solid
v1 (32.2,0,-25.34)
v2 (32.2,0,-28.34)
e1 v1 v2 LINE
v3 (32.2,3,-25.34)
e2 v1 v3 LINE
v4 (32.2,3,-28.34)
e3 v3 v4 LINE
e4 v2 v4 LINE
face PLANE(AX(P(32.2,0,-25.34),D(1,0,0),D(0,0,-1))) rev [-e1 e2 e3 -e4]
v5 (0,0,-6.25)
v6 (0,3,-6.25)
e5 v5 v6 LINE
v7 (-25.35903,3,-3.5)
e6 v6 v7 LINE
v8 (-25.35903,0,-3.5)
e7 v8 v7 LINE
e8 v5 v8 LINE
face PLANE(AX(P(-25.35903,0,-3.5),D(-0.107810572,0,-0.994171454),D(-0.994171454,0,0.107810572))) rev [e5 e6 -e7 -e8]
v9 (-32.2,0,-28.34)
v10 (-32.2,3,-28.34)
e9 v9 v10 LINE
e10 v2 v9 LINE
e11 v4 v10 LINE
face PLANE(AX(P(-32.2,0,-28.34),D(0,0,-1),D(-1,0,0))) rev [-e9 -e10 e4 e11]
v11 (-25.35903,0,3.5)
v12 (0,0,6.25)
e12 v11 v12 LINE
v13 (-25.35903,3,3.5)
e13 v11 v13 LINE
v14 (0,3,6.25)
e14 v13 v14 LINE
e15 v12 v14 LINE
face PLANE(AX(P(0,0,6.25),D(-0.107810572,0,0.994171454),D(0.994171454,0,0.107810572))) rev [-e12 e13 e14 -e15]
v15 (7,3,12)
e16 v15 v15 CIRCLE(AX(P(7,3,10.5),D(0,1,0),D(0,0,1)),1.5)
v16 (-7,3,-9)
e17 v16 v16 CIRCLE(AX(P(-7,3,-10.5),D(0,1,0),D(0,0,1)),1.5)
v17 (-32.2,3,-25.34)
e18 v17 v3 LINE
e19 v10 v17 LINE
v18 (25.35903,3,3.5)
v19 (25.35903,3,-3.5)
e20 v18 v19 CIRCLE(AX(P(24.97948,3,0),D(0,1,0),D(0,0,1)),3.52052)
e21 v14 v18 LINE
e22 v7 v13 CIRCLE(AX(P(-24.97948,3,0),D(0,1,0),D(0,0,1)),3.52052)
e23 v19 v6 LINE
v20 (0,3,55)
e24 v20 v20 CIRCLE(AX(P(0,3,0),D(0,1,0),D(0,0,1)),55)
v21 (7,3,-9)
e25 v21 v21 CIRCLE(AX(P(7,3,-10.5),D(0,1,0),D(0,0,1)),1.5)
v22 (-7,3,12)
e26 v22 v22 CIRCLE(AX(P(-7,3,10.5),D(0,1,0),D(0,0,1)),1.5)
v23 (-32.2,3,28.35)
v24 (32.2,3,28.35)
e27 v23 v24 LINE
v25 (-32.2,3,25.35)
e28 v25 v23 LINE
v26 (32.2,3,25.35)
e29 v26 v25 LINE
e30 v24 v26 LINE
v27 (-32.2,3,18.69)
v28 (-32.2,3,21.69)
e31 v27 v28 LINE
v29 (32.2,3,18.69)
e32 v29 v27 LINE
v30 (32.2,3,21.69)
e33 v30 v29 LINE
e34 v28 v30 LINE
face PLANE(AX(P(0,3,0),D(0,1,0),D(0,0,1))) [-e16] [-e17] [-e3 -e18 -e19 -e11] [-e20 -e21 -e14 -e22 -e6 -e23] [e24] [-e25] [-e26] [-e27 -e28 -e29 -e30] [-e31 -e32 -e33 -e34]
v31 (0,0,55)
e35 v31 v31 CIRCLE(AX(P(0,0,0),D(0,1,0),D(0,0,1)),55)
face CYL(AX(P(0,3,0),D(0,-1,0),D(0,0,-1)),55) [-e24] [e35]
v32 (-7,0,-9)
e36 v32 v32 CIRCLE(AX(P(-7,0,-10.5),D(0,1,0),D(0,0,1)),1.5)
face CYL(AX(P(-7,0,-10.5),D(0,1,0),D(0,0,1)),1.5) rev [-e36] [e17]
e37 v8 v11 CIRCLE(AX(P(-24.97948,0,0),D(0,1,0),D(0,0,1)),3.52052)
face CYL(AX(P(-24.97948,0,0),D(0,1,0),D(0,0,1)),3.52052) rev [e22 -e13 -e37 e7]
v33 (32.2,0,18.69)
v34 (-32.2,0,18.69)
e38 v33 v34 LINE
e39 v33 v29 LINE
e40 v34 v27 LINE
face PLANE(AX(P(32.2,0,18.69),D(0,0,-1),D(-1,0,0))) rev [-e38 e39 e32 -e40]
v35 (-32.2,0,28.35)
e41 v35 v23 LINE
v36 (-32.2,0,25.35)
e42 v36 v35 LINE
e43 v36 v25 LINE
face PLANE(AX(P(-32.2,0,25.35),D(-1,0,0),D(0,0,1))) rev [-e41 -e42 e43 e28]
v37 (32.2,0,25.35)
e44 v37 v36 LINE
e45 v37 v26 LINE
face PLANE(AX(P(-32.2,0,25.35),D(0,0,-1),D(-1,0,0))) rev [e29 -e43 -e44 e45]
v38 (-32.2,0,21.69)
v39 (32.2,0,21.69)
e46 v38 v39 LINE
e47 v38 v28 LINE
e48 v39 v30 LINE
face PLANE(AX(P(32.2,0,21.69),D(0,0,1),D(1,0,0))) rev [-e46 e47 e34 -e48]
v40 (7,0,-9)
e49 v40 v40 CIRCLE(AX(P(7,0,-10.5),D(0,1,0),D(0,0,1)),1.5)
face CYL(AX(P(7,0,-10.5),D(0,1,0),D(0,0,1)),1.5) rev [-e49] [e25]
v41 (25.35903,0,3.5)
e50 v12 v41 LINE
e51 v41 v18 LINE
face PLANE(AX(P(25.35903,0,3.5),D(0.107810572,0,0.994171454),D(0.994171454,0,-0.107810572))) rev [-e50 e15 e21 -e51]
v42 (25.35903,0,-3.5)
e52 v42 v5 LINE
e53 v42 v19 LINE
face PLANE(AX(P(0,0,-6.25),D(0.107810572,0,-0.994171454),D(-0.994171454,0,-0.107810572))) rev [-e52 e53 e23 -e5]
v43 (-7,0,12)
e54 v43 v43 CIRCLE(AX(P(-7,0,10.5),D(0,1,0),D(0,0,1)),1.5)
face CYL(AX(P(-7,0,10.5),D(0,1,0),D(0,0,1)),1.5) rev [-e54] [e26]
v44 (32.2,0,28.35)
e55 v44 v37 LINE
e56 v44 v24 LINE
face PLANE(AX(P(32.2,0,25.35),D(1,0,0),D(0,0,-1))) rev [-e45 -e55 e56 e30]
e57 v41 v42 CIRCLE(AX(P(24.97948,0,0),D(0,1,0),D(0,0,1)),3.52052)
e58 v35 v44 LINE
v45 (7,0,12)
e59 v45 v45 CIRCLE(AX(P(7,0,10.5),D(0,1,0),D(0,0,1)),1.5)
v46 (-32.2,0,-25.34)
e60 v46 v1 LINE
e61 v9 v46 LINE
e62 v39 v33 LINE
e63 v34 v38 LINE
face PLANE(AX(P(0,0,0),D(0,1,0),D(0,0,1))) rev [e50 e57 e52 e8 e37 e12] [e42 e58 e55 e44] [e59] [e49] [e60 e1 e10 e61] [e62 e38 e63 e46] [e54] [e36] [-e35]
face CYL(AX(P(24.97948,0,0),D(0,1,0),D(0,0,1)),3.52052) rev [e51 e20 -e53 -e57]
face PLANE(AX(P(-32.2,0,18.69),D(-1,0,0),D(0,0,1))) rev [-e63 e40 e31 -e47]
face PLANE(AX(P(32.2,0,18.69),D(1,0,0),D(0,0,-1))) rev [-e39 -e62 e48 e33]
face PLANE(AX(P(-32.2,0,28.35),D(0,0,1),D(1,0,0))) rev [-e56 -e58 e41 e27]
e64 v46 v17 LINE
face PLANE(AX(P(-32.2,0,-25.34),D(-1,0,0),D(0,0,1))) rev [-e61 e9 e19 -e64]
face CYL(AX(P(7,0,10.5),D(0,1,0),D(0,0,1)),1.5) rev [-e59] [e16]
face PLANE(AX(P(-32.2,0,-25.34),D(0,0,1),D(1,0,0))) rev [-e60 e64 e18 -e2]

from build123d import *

# Parameters (mm, degrees)
SKETCH1_R           = 55
BOSS_EXTRUDE1_DEPTH = 3
CUT_EXTRUDE1_DEPTH  = 3
SKETCH4_R           = 1.5
SKETCH4_W           = 64.4
SKETCH4_H           = 3
CUT_EXTRUDE2_DEPTH  = 3


with BuildPart() as part:
    # Sketch1 → Boss-Extrude1 (new body)
    with BuildSketch(Plane(origin=(0, 0, 0), x_dir=(1, 0, 0), z_dir=(0, 1, 0))):
        with Locations(Location((0, 0, 0), (0, 0, 270))):
            Circle(SKETCH1_R)
    extrude(amount=BOSS_EXTRUDE1_DEPTH)

    # Sketch3 → Cut-Extrude1 (cut)
    with BuildSketch(Plane(origin=(0, 3, 0), x_dir=(1, 0, 0), z_dir=(0, 1, 0))):
        with BuildLine():
            Line((-25.359029713, 3.5), (0, 6.25))
            Line((0, 6.25), (25.359029713, 3.5))
            ThreePointArc((25.359029713, 3.5), (28.5, 0), (25.359029713, -3.5))
            Line((25.359029713, -3.5), (0, -6.25))
            Line((0, -6.25), (-25.359029713, -3.5))
            ThreePointArc((-25.359029713, -3.5), (-28.5, 0), (-25.359029713, 3.5))
        make_face()
    extrude(amount=-CUT_EXTRUDE1_DEPTH, mode=Mode.SUBTRACT)

    # Sketch4 → Cut-Extrude2 (cut)
    with BuildSketch(Plane(origin=(0, 3, 0), x_dir=(1, 0, 0), z_dir=(0, 1, 0))):
        with Locations(Location((-7, -10.5, 0), (0, 0, 270))):
            Circle(SKETCH4_R)
        with Locations(Location((7, -10.5, 0), (0, 0, 270))):
            Circle(SKETCH4_R)
        with Locations(Location((-7, 10.5, 0), (0, 0, 270))):
            Circle(SKETCH4_R)
        with Locations(Location((7, 10.5, 0), (0, 0, 270))):
            Circle(SKETCH4_R)
        with Locations((0, -20.19)):
            Rectangle(SKETCH4_W, SKETCH4_H)
        with Locations((0, -26.85)):
            Rectangle(SKETCH4_W, SKETCH4_H)
        with Locations((0, 26.84)):
            Rectangle(SKETCH4_W, SKETCH4_H)
    extrude(amount=-CUT_EXTRUDE2_DEPTH, mode=Mode.SUBTRACT)


solid = part.part
